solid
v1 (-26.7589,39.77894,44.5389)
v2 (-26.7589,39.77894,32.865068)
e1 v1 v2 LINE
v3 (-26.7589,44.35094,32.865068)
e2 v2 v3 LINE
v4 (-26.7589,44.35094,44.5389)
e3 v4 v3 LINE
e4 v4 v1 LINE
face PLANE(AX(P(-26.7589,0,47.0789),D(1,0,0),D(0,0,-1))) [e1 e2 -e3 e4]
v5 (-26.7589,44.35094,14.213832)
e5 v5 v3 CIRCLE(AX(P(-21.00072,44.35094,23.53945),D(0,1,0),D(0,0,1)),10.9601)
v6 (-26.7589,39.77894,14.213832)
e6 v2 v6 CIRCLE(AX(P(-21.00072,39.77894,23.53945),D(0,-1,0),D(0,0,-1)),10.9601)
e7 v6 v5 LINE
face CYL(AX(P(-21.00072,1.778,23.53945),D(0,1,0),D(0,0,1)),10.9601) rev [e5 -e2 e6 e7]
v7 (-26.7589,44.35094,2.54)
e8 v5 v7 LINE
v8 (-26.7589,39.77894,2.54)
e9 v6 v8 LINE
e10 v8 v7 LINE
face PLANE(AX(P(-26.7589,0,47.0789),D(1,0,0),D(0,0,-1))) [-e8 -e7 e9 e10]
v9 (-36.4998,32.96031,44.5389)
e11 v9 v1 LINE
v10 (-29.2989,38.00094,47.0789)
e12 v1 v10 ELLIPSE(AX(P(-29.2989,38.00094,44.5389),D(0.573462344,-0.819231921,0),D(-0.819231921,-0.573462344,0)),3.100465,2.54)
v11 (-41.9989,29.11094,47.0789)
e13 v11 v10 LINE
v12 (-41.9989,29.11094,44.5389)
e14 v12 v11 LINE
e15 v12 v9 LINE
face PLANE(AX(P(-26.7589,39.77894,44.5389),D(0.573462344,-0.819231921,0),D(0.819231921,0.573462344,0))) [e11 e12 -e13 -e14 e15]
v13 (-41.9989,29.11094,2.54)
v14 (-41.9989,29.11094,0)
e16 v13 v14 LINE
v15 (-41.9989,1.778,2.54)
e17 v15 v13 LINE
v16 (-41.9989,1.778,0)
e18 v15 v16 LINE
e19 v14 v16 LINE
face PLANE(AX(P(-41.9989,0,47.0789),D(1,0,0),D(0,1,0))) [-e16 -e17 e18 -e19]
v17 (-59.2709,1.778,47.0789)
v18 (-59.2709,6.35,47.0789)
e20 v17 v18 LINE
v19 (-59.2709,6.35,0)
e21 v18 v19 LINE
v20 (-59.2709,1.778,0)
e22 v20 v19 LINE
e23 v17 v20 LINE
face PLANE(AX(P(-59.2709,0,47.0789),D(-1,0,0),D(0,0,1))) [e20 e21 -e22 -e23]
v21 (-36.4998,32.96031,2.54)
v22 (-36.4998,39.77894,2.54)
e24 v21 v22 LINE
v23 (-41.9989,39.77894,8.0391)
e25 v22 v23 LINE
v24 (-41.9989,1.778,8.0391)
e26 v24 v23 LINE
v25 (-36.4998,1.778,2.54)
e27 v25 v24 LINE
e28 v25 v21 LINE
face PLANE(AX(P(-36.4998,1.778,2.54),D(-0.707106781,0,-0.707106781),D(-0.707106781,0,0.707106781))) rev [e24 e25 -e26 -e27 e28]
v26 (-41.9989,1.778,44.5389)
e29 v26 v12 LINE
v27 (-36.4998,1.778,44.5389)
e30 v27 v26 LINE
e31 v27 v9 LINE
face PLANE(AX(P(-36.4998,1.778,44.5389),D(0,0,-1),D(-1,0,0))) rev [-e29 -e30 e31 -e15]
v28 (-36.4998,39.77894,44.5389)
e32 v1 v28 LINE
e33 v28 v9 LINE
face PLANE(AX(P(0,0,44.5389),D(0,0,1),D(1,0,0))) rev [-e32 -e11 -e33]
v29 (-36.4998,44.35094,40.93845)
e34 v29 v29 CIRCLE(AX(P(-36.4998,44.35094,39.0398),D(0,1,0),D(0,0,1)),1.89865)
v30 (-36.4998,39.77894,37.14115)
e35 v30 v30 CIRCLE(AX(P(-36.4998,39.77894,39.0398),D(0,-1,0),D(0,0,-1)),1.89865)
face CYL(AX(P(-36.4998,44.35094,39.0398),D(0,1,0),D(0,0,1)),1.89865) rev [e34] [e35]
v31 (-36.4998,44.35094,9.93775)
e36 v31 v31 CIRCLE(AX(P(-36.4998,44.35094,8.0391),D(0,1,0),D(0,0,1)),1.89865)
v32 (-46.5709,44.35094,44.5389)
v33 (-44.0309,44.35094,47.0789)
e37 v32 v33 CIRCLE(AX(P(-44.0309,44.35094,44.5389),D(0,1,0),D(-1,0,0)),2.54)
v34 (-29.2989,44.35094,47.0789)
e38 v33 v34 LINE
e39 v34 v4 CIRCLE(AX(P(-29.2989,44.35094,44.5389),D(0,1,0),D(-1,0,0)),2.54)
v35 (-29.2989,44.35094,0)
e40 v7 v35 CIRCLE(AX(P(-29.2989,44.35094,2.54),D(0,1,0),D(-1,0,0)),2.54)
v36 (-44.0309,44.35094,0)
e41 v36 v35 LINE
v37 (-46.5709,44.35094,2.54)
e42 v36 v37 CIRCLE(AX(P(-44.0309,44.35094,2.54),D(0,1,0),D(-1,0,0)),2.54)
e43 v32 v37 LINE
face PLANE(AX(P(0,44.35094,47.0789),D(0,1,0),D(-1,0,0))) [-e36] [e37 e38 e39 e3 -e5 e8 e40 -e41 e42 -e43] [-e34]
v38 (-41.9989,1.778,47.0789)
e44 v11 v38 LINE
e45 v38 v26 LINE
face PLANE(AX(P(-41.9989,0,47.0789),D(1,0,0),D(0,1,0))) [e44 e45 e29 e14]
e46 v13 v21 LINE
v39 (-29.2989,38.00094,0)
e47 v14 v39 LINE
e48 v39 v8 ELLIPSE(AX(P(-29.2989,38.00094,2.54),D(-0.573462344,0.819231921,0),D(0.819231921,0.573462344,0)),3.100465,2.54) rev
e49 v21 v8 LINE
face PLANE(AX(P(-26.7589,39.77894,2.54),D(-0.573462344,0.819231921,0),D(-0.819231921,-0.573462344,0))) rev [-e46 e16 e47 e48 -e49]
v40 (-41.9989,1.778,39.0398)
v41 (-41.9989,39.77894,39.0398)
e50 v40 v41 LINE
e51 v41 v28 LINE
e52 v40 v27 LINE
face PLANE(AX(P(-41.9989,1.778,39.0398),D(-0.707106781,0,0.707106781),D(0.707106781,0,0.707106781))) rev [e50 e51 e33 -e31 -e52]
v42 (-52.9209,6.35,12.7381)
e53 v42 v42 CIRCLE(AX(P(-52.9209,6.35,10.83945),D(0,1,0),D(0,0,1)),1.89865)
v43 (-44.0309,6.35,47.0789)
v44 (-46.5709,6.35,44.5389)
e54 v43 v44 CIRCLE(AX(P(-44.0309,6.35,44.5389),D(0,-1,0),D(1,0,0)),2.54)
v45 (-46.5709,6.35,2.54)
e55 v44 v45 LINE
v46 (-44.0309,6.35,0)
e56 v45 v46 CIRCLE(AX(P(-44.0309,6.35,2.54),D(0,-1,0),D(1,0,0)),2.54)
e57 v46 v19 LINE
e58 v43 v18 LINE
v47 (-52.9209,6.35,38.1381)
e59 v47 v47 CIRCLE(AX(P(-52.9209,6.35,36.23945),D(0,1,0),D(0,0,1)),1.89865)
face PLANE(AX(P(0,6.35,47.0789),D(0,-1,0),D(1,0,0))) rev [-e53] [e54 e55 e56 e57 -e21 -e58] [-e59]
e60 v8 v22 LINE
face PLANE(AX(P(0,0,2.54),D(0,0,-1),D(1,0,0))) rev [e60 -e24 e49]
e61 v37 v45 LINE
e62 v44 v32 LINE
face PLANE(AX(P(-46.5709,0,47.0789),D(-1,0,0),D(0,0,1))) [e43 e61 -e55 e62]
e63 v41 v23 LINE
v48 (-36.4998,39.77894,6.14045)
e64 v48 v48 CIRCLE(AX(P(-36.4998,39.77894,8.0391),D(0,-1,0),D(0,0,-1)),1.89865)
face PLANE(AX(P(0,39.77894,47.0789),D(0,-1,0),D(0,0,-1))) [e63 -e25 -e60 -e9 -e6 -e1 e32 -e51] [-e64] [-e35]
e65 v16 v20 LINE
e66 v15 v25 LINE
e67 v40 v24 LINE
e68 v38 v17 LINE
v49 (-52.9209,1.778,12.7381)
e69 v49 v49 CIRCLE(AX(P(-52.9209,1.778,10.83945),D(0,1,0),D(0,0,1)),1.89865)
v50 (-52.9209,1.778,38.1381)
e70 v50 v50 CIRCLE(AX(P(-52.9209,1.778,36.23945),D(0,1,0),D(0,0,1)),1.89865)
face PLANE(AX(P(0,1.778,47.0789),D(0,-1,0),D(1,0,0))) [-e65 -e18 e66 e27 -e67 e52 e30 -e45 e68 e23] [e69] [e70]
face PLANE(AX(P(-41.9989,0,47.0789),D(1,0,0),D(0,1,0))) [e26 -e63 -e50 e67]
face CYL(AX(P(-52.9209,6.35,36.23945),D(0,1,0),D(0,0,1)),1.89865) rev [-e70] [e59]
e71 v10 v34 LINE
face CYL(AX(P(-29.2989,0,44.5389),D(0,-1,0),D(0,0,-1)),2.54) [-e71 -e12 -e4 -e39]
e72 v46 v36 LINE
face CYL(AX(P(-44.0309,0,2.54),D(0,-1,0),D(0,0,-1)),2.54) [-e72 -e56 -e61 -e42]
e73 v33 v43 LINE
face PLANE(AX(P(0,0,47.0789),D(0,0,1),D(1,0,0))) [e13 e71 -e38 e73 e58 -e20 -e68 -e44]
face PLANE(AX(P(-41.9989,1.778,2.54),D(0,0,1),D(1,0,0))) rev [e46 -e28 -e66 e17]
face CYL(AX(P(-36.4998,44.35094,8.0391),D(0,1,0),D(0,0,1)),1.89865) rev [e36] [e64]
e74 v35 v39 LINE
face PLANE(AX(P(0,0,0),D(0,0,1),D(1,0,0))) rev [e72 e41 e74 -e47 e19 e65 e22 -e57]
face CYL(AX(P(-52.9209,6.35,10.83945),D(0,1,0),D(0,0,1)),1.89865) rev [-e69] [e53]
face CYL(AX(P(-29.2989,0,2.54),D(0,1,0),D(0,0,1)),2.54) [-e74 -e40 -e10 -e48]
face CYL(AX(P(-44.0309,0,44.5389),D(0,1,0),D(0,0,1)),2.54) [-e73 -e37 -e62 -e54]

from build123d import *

# Parameters (mm, degrees)
BOSS_EXTRUDE1_DEPTH   = 47.0789
BOSS_EXTRUDE2_DEPTH   = 2.54
F_6_CLEARANCE_HOLE1_D = 3.7973
CUT_EXTRUDE1_DEPTH    = 87.844214731
FILLET1_R             = 2.54
F_6_CLEARANCE_HOLE2_D = 3.7973
BOSS_EXTRUDE3_DEPTH   = 38.00094


with BuildPart() as part:
    # Sketch1 → Boss-Extrude1 (new body)
    with BuildSketch(Plane.XY):
        Polygon((-59.2709, 1.778), (-59.2709, 6.35), (-46.5709, 6.35), (-46.5709, 44.35094), (-26.7589, 44.35094), (-26.7589, 39.77894), (-41.9989, 39.77894), (-41.9989, 6.35), (-41.9989, 1.778), (-46.5709, 1.778), align=None)
    extrude(amount=BOSS_EXTRUDE1_DEPTH)

    # Sketch2 → Boss-Extrude2 (add)
    with BuildSketch(Plane.XY.offset(47.0789)):
        Polygon((-26.7589, 39.77894), (-41.9989, 29.11094), (-41.9989, 39.77894), align=None)
    boss_extrude2 = extrude(amount=-BOSS_EXTRUDE2_DEPTH)

    # Mirror1: Boss-Extrude2 across plane
    add(boss_extrude2.mirror(Plane(origin=(0, 0, 23.53945), x_dir=(1, 0, 0), z_dir=(0, 0, -1))))

    # #6 Clearance Hole1 (through all)
    with Locations(Plane(origin=(0, 44.35094, 0), x_dir=(1, 0, 0), z_dir=(0, 1, 0))):
        with Locations((-36.4998, -8.0391), (-36.4998, -39.0398)):
            Hole(F_6_CLEARANCE_HOLE1_D / 2)

    # Sketch5 → Cut-Extrude1 (cut, through all)
    with BuildSketch(Plane(origin=(0, 44.35094, 0), x_dir=(1, 0, 0), z_dir=(0, 1, 0))):
        with BuildLine():
            Line((-26.7589, -23.53945), (-26.7589, -14.213831785))
            ThreePointArc((-26.7589, -14.213831785), (-31.96082, -23.53945), (-26.7589, -32.865068215))
            Line((-26.7589, -32.865068215), (-26.7589, -23.53945))
        make_face()
    extrude(amount=-CUT_EXTRUDE1_DEPTH, mode=Mode.SUBTRACT)

    # Fillet1
    fillet1_edges = [part.edges().sort_by_distance(p)[0] for p in [
        (-46.5709, 25.35047, 0),
        (-46.5709, 25.35047, 47.0789),
        (-26.7589, 42.06494, 47.0789),
        (-26.7589, 42.06494, 0),
    ]]
    fillet(fillet1_edges, radius=FILLET1_R)

    # #6 Clearance Hole2 (through all)
    with Locations(Plane(origin=(0, 6.35, 0), x_dir=(1, 0, 0), z_dir=(0, 1, 0))):
        with Locations((-52.9209, -10.83945), (-52.9209, -36.23945)):
            Hole(F_6_CLEARANCE_HOLE2_D / 2)

    # Sketch8 → Boss-Extrude3 (add)
    with BuildSketch(Plane.XZ.offset(-39.77894)):
        Polygon((-41.9989, 44.5389), (-41.9989, 39.0398), (-36.4998, 44.5389), align=None)
        Polygon((-41.9989, 2.54), (-36.4998, 2.54), (-41.9989, 8.0391), align=None)
    extrude(amount=BOSS_EXTRUDE3_DEPTH)


solid = part.part
